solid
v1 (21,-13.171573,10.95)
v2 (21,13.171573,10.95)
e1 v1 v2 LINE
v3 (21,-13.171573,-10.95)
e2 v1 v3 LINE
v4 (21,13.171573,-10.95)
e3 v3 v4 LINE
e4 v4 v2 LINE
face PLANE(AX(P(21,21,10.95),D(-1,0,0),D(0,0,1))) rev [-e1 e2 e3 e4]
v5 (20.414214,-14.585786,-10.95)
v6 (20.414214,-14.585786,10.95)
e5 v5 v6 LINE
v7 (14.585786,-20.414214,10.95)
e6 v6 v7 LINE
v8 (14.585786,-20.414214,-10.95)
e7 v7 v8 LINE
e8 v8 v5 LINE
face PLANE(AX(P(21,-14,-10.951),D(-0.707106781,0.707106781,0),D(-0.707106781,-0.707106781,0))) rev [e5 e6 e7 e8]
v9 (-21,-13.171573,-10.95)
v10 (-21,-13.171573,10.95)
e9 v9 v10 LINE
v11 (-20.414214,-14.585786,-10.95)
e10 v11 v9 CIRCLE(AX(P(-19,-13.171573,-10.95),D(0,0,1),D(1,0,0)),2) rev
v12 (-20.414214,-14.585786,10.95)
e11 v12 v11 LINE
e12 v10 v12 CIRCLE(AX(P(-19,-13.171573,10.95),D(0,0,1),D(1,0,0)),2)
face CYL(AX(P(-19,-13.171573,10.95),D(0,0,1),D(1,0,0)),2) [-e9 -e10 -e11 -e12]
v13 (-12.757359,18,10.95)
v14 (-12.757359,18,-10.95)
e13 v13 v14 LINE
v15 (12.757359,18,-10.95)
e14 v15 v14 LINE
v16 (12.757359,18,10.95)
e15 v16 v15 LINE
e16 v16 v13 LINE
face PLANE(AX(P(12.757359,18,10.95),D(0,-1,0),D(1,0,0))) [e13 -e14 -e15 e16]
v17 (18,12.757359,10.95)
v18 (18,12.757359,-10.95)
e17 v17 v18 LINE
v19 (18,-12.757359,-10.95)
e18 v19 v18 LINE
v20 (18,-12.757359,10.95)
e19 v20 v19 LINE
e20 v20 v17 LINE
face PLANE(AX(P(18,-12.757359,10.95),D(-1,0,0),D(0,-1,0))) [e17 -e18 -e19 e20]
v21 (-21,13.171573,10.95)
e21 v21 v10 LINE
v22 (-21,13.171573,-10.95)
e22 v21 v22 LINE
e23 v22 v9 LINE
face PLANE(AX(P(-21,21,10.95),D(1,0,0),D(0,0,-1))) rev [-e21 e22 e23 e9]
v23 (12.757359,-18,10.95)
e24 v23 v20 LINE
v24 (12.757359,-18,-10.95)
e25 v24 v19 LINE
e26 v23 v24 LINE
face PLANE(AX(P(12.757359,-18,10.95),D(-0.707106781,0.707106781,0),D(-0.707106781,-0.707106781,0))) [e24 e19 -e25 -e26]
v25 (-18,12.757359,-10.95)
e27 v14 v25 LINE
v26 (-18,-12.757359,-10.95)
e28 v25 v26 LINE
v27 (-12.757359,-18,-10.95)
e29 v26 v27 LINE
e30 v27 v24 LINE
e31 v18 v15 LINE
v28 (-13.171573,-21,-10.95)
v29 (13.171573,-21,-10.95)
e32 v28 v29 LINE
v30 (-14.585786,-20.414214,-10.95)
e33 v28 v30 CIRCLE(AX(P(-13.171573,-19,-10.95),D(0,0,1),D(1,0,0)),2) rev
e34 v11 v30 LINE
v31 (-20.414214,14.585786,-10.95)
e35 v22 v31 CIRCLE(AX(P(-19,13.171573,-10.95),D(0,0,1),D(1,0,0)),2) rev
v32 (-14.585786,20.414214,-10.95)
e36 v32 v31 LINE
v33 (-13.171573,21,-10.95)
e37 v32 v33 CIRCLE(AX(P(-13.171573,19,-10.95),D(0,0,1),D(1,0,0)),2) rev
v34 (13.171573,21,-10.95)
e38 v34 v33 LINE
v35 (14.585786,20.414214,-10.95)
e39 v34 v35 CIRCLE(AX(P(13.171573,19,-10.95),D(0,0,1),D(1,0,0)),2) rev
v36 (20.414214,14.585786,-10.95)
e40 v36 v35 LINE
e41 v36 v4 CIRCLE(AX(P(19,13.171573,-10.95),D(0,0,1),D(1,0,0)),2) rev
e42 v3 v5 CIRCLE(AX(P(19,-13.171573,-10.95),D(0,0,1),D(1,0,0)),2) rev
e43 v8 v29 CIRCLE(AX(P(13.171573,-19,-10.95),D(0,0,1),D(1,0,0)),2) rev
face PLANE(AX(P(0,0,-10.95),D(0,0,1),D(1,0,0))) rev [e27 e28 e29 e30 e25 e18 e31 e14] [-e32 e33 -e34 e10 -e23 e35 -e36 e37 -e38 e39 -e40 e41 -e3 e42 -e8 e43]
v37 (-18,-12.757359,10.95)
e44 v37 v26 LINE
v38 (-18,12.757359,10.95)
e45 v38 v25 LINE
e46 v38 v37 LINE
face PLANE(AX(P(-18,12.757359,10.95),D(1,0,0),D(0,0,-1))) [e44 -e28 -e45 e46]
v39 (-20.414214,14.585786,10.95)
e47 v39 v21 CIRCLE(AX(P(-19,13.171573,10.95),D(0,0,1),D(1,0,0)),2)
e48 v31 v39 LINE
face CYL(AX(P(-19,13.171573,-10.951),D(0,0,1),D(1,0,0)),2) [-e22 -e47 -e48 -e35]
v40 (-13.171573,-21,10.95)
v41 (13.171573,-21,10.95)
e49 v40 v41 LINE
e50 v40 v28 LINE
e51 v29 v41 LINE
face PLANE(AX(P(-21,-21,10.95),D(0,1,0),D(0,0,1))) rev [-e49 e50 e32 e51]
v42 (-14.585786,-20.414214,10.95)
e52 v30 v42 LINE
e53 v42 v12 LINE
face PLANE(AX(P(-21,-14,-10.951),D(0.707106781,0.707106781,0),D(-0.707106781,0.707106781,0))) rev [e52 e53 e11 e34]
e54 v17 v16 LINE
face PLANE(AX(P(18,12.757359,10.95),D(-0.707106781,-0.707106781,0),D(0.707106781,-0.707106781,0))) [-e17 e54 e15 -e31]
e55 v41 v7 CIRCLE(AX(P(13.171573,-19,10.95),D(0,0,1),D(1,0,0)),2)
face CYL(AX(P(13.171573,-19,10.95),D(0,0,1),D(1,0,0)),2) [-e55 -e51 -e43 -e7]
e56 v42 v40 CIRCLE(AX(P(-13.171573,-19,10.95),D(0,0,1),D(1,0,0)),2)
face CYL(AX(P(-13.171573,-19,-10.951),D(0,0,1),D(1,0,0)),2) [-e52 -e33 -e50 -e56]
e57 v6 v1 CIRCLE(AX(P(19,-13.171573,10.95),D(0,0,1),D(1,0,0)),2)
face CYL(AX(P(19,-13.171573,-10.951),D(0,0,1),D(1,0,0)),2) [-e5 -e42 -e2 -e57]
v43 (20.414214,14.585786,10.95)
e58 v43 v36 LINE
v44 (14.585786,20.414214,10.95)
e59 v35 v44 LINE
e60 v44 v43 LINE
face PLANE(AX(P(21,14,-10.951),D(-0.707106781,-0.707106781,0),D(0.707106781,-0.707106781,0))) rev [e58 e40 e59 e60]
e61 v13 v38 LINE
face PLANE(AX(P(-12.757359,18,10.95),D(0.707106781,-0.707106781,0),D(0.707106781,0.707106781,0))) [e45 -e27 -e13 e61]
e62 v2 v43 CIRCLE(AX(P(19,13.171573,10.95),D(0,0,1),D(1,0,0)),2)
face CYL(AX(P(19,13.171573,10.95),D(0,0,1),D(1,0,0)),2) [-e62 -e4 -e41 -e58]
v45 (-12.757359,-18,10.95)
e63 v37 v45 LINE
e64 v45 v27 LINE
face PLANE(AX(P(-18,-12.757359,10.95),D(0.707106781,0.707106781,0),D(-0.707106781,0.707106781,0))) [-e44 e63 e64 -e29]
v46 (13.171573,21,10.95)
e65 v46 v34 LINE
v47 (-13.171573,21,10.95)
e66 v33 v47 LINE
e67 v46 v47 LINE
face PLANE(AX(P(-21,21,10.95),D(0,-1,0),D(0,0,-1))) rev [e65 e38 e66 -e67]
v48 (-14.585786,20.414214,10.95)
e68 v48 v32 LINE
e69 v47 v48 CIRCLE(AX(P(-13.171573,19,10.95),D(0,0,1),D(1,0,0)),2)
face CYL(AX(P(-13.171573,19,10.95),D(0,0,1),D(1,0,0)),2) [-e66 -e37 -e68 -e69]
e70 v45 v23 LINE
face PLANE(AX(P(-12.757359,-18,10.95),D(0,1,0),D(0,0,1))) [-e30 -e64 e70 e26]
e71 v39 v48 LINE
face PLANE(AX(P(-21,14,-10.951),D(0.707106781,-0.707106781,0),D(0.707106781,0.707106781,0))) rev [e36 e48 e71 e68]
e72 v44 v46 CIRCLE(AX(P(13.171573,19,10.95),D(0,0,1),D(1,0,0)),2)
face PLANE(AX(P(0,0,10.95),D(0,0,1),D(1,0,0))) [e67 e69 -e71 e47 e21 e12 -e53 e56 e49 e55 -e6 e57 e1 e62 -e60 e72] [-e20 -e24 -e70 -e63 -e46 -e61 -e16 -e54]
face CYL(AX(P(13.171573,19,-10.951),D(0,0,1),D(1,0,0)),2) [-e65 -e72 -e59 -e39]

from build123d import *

# Parameters (mm, degrees)
SKETCH1_W           = 42
SKETCH1_H           = 42
BOSS_EXTRUDE1_DEPTH = 10.95
CUT_EXTRUDE1_REACH  = 38.9
FILLET1_R           = 2
CUT_EXTRUDE2_DEPTH  = 21.9


with BuildPart() as part:
    # Sketch1 → Boss-Extrude1 (new, symmetric)
    with BuildSketch(Plane.XY):
        Rectangle(SKETCH1_W, SKETCH1_H)
    extrude(amount=BOSS_EXTRUDE1_DEPTH, both=True)

    # Sketch2 → Cut-Extrude1 (cut, up to next)
    with BuildSketch(Plane.XY.offset(10.95), mode=Mode.PRIVATE) as cut_extrude1_sk1:
        Polygon((-21, 21), (-21, 14), (-14, 21), align=None)
    cut_extrude1_tool1 = extrude(cut_extrude1_sk1.sketch, amount=-CUT_EXTRUDE1_REACH, mode=Mode.PRIVATE) & part.part
    # Sketch2 → Cut-Extrude1 (cut, up to next)
    with BuildSketch(Plane.XY.offset(10.95), mode=Mode.PRIVATE) as cut_extrude1_sk2:
        Polygon((-21, -14), (-14, -21), (-21, -21), align=None)
    cut_extrude1_tool2 = extrude(cut_extrude1_sk2.sketch, amount=-CUT_EXTRUDE1_REACH, mode=Mode.PRIVATE) & part.part
    # Sketch2 → Cut-Extrude1 (cut, up to next)
    with BuildSketch(Plane.XY.offset(10.95), mode=Mode.PRIVATE) as cut_extrude1_sk3:
        Polygon((21, -21), (21, -14), (14, -21), align=None)
    cut_extrude1_tool3 = extrude(cut_extrude1_sk3.sketch, amount=-CUT_EXTRUDE1_REACH, mode=Mode.PRIVATE) & part.part
    # Sketch2 → Cut-Extrude1 (cut, up to next)
    with BuildSketch(Plane.XY.offset(10.95), mode=Mode.PRIVATE) as cut_extrude1_sk4:
        Polygon((21, 14), (14, 21), (21, 21), align=None)
    cut_extrude1_tool4 = extrude(cut_extrude1_sk4.sketch, amount=-CUT_EXTRUDE1_REACH, mode=Mode.PRIVATE) & part.part
    add(cut_extrude1_tool1.solids().sort_by_distance((-18.666667, 18.666667, 10.95))[0], mode=Mode.SUBTRACT)
    add(cut_extrude1_tool2.solids().sort_by_distance((-18.666667, -18.666667, 10.95))[0], mode=Mode.SUBTRACT)
    add(cut_extrude1_tool3.solids().sort_by_distance((18.666667, -18.666667, 10.95))[0], mode=Mode.SUBTRACT)
    add(cut_extrude1_tool4.solids().sort_by_distance((18.666667, 18.666667, 10.95))[0], mode=Mode.SUBTRACT)

    # Fillet1
    fillet1_edges = [part.edges().sort_by_distance(p)[0] for p in [
        (21, 14, 0),
        (14, 21, 0),
        (14, -21, 0),
        (21, -14, 0),
        (-21, -14, 0),
        (-14, -21, 0),
        (-14, 21, 0),
        (-21, 14, 0),
    ]]
    fillet(fillet1_edges, radius=FILLET1_R)

    # 3DSketch1 → Cut-Extrude2 (cut)
    with BuildSketch(Plane(origin=(12.757359313, -18, 10.95), x_dir=(-0.5782394408510358, 0.8158671148197367, 0), z_dir=(0, 0, 1))):
        Polygon((0, 0), (1.245796512, -7.308799751), (22.062416383, -22.062416383), (29.371216134, -20.816619871), (44.124832765, 0), (42.879036253, 7.308799751), (22.062416383, 22.062416383), (14.753616632, 20.816619871), align=None)
    extrude(amount=-CUT_EXTRUDE2_DEPTH, mode=Mode.SUBTRACT)


solid = part.part
